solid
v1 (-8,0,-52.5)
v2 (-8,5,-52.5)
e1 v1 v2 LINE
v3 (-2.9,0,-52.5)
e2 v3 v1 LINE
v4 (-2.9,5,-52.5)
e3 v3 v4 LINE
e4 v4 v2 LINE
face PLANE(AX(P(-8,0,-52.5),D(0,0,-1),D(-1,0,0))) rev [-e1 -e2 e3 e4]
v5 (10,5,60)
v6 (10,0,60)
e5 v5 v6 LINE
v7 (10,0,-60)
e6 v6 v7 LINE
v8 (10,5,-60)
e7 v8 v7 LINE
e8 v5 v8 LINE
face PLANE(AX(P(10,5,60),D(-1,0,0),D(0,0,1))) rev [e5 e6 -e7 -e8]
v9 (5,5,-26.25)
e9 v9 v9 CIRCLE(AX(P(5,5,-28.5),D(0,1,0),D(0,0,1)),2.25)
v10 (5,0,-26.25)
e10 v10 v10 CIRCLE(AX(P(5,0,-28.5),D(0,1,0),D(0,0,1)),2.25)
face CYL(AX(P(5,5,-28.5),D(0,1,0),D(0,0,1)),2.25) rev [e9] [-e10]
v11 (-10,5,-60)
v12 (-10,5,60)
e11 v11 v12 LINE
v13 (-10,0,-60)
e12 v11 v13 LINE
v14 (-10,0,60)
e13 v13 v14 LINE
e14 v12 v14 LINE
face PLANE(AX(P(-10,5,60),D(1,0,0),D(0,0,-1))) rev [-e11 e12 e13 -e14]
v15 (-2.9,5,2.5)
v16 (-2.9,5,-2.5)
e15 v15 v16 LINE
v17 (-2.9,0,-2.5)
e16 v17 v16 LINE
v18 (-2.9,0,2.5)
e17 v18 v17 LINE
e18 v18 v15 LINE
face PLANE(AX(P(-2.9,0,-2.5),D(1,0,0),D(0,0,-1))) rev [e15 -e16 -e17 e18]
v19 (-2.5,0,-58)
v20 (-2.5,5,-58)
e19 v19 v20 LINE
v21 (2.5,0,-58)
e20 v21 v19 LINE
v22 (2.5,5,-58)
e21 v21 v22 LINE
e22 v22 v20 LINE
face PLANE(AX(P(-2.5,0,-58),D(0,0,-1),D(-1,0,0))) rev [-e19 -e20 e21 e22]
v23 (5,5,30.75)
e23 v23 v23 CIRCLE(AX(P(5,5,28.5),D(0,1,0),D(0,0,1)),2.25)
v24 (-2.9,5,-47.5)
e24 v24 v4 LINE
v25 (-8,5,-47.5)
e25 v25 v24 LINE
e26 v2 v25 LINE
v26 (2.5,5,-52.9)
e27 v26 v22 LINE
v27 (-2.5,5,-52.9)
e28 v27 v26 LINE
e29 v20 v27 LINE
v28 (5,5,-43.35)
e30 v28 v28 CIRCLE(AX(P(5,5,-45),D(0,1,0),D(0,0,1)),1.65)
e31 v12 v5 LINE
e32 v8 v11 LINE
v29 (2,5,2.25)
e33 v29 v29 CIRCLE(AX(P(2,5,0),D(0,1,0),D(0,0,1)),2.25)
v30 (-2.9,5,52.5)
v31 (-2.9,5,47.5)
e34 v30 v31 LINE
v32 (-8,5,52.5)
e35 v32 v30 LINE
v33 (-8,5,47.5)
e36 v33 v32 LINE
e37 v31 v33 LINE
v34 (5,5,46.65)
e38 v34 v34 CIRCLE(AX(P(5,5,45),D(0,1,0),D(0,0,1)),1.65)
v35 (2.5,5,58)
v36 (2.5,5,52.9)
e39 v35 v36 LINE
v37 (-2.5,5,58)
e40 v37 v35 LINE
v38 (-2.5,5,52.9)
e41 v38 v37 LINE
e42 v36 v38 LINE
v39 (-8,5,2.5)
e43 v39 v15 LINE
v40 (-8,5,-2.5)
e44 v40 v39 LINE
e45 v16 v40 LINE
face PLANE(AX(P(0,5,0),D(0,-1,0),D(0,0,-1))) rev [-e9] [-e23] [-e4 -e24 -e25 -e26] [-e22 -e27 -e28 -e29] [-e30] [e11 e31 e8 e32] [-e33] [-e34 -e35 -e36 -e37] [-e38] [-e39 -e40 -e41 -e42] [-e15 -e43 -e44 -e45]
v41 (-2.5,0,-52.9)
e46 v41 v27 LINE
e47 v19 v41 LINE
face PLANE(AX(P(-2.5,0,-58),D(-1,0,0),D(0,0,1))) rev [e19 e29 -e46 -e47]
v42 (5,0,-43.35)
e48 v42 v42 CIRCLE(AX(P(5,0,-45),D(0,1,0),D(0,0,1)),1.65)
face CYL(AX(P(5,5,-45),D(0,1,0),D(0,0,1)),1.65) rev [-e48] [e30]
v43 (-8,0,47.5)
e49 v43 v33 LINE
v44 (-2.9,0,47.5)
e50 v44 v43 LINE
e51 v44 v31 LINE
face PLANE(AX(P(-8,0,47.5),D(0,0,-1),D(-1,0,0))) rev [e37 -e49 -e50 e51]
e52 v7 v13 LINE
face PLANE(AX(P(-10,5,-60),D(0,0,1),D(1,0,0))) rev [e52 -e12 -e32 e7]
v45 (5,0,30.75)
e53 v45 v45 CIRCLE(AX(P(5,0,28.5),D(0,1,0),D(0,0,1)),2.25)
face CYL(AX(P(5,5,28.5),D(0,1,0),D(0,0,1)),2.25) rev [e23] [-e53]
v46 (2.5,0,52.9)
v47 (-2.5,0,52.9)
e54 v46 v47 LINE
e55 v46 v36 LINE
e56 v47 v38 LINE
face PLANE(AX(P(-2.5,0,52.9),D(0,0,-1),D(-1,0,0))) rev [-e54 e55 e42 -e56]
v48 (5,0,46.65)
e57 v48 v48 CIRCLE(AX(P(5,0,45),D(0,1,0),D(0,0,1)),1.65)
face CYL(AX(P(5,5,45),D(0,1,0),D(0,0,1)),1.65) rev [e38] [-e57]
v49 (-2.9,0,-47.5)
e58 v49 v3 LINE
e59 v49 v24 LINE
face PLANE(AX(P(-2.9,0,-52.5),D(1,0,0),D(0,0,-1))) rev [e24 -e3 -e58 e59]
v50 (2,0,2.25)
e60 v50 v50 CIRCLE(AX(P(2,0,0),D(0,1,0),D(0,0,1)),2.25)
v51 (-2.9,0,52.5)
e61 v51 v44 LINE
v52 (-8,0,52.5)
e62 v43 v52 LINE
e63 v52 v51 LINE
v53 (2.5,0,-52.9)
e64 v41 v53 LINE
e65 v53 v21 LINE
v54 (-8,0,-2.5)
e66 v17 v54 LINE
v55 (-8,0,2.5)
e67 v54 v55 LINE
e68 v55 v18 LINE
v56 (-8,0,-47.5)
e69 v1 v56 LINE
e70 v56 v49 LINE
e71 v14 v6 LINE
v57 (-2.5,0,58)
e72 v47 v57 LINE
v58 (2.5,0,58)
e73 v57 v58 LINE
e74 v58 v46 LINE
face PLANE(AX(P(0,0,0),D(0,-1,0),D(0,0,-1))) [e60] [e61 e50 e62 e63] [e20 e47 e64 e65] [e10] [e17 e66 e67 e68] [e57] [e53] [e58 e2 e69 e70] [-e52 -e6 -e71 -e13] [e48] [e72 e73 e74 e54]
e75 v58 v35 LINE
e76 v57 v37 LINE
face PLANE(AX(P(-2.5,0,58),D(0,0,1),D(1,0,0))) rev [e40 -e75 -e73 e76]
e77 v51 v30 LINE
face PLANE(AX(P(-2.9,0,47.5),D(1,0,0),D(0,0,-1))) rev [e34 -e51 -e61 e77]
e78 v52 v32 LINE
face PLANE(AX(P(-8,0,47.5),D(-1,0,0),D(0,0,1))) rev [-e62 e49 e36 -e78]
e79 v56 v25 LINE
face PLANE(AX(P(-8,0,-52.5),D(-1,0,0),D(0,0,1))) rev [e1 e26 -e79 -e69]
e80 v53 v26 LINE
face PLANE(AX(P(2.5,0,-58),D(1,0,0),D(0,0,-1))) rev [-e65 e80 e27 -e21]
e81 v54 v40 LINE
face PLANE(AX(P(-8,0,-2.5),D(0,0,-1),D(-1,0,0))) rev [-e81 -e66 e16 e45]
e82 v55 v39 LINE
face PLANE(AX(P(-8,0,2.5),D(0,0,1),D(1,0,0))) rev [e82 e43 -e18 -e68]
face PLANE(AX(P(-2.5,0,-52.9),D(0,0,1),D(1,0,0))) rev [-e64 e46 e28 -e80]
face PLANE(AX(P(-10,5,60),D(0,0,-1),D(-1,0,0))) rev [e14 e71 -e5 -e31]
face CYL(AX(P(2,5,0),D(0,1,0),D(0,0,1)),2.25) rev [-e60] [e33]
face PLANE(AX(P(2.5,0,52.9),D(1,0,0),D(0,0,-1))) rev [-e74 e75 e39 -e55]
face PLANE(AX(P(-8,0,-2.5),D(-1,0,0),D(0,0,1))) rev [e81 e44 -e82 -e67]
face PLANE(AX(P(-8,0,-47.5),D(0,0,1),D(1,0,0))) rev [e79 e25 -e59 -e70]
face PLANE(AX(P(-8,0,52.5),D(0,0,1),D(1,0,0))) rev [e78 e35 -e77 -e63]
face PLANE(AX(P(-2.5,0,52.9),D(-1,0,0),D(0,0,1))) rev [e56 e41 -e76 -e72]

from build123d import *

# Parameters (mm, degrees)
SKETCH1_W                  = 20
SKETCH1_H                  = 120
BOSS_EXTRUDE1_DEPTH        = 5
F_3_3_3_3_DIAMETER_HOLE1_D = 3.3
SKETCH5_W                  = 5.1
SKETCH5_H                  = 5
SKETCH5_W_2                = 5
SKETCH5_H_2                = 5.1
CUT_EXTRUDE1_DEPTH         = 6
F_4_5_4_5_DIAMETER_HOLE2_D = 4.5


with BuildPart() as part:
    # Sketch1 → Boss-Extrude1 (new body)
    with BuildSketch(Plane(origin=(0, 0, 0), x_dir=(1, 0, 0), z_dir=(0, 1, 0))):
        Rectangle(SKETCH1_W, SKETCH1_H)
    extrude(amount=BOSS_EXTRUDE1_DEPTH)

    # Ø3.3 (3.3) Diameter Hole1 (through all)
    with Locations(Plane(origin=(0, 5, 0), x_dir=(1, 0, 0), z_dir=(0, 1, 0))):
        with Locations((5, 45), (5, -45)):
            Hole(F_3_3_3_3_DIAMETER_HOLE1_D / 2)

    # Sketch5 → Cut-Extrude1 (cut, through all)
    with BuildSketch(Plane(origin=(0, 5, 0), x_dir=(1, 0, 0), z_dir=(0, 1, 0))):
        with Locations((-5.45, 50)):
            Rectangle(SKETCH5_W, SKETCH5_H)
        with Locations((-5.45, -50)):
            Rectangle(SKETCH5_W, SKETCH5_H)
        with Locations((0, -55.45)):
            Rectangle(SKETCH5_W_2, SKETCH5_H_2)
        with Locations((0, 55.45)):
            Rectangle(SKETCH5_W_2, SKETCH5_H_2)
        with Locations((-5.45, 0)):
            Rectangle(SKETCH5_W, SKETCH5_H)
    extrude(amount=-CUT_EXTRUDE1_DEPTH, mode=Mode.SUBTRACT)

    # Ø4.5 (4.5) Diameter Hole2 (through all)
    with Locations(Plane(origin=(0, 5, 0), x_dir=(1, 0, 0), z_dir=(0, 1, 0))):
        with Locations((5, 28.5), (2, 0), (5, -28.5)):
            Hole(F_4_5_4_5_DIAMETER_HOLE2_D / 2)


solid = part.part
